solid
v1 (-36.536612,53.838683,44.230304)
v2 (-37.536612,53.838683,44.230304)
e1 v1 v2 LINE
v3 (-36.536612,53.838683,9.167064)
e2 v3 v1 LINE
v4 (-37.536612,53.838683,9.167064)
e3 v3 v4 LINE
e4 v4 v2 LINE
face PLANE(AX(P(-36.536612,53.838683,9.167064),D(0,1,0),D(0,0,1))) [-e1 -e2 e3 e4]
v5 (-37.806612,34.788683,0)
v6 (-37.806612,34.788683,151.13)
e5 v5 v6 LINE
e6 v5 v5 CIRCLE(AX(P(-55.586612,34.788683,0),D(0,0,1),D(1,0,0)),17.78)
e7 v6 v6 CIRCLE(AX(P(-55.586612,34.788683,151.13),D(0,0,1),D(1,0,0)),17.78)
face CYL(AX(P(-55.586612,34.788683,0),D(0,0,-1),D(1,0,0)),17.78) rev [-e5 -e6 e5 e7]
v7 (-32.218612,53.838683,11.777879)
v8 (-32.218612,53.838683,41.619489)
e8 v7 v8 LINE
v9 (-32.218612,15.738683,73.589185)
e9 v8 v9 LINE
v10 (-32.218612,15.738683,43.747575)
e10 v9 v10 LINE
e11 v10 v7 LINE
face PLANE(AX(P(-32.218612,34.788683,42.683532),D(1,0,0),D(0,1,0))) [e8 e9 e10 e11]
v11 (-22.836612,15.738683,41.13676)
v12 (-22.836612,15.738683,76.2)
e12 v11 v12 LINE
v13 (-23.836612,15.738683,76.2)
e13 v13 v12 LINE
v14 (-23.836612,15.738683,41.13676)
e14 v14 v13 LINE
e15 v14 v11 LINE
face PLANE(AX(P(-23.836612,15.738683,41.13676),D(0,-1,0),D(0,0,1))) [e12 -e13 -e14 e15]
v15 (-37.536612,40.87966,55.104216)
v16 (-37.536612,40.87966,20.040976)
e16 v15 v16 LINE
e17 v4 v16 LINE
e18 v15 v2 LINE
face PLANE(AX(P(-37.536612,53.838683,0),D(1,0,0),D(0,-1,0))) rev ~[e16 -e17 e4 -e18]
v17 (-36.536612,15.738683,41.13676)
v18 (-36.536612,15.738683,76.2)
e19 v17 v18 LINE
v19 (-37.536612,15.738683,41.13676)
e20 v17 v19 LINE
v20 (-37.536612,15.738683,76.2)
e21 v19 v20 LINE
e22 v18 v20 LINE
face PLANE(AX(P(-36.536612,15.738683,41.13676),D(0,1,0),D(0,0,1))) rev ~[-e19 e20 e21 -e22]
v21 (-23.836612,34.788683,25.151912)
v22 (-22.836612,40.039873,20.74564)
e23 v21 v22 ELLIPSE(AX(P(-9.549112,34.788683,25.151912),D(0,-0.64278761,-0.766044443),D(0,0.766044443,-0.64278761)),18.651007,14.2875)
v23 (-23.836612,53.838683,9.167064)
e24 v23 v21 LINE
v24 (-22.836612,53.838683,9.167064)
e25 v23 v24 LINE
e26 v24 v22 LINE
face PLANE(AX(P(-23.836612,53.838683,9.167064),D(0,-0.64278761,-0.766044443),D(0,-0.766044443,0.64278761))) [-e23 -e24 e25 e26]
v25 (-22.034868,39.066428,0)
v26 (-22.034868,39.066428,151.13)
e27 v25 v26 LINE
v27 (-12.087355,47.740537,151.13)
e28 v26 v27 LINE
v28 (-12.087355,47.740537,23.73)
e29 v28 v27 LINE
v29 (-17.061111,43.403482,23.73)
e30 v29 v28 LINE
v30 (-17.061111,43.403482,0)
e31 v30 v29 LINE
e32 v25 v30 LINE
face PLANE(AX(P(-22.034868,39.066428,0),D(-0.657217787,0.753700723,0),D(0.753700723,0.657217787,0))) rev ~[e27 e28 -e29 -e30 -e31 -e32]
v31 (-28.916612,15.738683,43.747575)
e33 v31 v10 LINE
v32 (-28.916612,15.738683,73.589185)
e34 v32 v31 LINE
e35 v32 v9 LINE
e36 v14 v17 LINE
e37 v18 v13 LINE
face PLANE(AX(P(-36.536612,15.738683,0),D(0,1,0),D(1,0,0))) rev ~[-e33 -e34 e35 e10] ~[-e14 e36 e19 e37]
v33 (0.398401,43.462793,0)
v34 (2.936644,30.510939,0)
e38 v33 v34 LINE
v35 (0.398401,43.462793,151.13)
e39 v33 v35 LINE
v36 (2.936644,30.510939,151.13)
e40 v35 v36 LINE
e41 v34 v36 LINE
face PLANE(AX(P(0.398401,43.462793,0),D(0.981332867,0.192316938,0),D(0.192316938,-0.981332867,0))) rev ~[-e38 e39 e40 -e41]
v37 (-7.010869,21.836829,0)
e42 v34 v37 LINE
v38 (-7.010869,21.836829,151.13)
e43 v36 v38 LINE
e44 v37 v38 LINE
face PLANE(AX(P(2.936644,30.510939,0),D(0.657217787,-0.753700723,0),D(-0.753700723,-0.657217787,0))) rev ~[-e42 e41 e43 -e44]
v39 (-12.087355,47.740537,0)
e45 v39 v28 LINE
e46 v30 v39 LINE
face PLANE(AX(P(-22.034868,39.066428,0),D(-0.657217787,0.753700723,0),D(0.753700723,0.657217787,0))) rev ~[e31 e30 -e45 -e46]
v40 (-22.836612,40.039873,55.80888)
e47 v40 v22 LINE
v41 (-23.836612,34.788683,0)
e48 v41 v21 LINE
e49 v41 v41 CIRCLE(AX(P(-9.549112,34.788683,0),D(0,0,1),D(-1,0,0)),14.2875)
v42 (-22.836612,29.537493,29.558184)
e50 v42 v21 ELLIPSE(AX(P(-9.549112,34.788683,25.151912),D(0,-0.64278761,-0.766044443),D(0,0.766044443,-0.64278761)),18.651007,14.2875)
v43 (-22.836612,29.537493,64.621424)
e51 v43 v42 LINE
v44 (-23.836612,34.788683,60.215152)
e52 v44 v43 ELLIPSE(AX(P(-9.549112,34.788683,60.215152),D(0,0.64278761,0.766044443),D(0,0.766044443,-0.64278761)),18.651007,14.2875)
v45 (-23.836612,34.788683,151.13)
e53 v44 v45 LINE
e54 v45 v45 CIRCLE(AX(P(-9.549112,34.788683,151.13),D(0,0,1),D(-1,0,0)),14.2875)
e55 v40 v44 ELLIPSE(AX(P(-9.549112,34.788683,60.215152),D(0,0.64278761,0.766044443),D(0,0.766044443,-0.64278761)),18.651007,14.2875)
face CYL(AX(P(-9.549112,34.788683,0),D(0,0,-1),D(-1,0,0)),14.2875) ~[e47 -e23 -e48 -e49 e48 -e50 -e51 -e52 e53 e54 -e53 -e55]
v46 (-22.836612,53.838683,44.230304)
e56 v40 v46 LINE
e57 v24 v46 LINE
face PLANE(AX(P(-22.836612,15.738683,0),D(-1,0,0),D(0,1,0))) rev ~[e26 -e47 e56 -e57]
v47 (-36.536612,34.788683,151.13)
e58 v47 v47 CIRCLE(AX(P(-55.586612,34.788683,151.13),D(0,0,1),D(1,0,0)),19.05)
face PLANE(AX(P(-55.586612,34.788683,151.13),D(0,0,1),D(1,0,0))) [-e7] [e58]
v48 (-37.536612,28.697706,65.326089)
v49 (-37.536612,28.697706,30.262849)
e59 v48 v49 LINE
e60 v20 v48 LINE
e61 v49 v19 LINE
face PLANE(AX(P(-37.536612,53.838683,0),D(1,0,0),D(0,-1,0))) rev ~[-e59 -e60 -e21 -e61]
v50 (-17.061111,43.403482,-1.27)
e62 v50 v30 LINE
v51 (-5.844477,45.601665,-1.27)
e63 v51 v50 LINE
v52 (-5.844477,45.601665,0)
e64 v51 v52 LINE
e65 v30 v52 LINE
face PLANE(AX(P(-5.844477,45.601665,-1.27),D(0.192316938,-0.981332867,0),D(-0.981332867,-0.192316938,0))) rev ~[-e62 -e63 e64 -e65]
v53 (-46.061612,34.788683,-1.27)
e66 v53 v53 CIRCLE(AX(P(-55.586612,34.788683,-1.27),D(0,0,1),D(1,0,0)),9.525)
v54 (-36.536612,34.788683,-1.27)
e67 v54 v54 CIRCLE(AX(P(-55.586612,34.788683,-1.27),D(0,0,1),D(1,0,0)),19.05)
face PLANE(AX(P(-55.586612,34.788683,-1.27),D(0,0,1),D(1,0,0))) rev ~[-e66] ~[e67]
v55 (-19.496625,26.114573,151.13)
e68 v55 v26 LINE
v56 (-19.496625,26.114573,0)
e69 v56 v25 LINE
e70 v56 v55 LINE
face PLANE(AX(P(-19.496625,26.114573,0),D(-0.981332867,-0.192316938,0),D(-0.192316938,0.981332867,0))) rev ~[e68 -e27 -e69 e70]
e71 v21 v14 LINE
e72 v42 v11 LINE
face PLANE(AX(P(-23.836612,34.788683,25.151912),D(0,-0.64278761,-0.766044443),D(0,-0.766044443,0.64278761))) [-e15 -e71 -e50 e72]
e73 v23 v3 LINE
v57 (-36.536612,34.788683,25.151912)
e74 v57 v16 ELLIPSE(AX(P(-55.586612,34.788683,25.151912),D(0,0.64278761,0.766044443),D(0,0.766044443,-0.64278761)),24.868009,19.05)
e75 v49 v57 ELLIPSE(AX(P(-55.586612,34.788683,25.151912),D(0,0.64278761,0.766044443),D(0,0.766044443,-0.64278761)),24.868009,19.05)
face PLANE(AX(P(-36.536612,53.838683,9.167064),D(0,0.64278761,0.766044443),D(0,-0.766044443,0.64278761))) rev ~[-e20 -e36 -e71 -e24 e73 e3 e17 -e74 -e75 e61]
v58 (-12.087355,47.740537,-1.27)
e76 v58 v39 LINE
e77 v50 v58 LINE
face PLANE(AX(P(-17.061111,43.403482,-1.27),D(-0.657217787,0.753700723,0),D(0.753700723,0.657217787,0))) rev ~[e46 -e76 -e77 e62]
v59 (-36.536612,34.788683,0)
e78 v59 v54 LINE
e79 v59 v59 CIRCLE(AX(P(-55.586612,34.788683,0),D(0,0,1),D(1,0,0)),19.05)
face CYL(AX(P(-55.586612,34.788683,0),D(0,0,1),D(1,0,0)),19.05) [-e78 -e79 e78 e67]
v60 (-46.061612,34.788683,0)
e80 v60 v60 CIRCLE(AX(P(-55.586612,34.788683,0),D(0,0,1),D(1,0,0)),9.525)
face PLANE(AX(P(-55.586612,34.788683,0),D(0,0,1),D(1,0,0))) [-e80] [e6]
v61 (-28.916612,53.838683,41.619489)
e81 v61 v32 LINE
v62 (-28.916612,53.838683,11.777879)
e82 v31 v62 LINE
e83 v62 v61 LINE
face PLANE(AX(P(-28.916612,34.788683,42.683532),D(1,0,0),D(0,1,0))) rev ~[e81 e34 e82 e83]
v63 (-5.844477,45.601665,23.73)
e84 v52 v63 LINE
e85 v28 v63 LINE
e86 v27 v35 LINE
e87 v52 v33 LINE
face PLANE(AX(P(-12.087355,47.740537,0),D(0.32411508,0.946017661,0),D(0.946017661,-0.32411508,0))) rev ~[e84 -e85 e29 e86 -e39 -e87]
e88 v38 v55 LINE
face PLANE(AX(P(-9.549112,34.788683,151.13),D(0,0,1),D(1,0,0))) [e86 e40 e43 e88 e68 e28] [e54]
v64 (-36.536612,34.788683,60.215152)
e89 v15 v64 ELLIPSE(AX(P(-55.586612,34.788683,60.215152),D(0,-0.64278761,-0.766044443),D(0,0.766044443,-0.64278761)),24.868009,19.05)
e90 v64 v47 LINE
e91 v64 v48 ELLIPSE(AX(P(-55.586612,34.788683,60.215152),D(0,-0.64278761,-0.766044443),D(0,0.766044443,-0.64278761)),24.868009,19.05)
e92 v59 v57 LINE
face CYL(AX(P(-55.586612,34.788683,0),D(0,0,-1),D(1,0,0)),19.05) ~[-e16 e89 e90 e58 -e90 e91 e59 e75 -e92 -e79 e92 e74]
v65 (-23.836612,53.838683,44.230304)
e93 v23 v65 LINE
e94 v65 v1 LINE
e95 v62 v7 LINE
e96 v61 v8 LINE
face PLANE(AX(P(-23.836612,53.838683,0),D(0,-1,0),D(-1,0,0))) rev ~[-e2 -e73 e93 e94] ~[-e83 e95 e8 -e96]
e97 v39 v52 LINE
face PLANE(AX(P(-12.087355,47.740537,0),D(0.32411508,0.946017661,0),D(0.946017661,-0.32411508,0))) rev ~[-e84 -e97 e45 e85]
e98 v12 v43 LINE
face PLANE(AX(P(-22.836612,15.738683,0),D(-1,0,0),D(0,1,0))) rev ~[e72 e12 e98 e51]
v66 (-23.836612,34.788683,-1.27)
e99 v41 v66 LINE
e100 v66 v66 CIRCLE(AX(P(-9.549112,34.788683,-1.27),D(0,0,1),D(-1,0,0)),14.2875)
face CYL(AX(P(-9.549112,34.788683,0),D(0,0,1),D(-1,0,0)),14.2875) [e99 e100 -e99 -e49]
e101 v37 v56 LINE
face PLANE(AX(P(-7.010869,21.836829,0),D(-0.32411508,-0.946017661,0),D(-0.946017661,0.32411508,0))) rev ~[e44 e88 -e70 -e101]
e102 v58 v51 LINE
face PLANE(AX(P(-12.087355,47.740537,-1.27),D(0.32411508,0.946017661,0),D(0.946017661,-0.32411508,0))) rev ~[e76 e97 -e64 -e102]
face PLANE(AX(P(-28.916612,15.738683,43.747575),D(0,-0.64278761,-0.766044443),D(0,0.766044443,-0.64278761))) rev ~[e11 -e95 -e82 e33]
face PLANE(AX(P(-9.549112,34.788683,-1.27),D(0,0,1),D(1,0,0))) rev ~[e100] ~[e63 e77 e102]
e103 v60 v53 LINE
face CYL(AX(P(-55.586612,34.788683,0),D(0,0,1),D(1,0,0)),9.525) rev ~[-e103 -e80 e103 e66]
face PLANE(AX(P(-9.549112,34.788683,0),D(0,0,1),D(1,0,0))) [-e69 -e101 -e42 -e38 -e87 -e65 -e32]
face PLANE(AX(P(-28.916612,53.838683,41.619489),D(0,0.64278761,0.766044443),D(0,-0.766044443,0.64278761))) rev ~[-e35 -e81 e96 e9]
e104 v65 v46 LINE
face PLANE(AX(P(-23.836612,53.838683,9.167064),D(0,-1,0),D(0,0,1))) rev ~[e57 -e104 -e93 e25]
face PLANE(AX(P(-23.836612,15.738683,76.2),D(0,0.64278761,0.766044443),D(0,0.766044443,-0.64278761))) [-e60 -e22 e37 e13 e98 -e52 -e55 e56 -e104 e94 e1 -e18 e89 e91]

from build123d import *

# Parameters (mm, degrees)
F0_R      = 19.05
F0_R_2    = 17.78
F0_R_3    = 9.525
F1_DEPTH  = 1.27
F2_DEPTH  = 151.13
F3_DEPTH  = 76.2
F5_DEPTH  = 25
F6_START  = -5.08
F6_DEPTH  = 3.302
F7_DEPTH  = 1
F8_DEPTH  = 1
F10_DEPTH = 25


with BuildPart() as f1:
    # F0 (on Top) → F1 (new body)
    with BuildSketch(Plane.XY):
        with Locations((-55.5866120592, 34.7886830568)):
            Circle(F0_R)
        with Locations((-55.5866120592, 34.7886830568)):
            Circle(F0_R_2, mode=Mode.SUBTRACT)
        with Locations((-55.5866120592, 34.7886830568)):
            Circle(F0_R_2)
        with Locations((-55.5866120592, 34.7886830568)):
            Circle(F0_R_3, mode=Mode.SUBTRACT)
        with BuildLine():
            ThreePointArc((4.7383879408, 34.7886830568), (-9.5491120592, 49.0761830568), (-23.8366120592, 34.7886830568))
            ThreePointArc((-23.8366120592, 34.7886830568), (-9.5491120592, 20.5011830568), (4.7383879408, 34.7886830568))
        make_face()
        Polygon((2.9366439238, 30.5109386121), (-7.0108694278, 21.8368289678), (-19.4966254107, 26.1145734125), (-22.0348680421, 39.0664275016), (-12.0873546906, 47.7405371459), (0.3984012923, 43.4627927011), align=None, mode=Mode.SUBTRACT)
        Polygon((-19.4966254107, 26.1145734125), (-7.0108694278, 21.8368289678), (2.9366439238, 30.5109386121), (0.3984012923, 43.4627927011), (-12.0873546906, 47.7405371459), (-22.0348680421, 39.0664275016), align=None)
    extrude(amount=-F1_DEPTH)

    # F0 (on Top) → F2 (join)
    with BuildSketch(Plane.XY):
        with Locations((-55.5866120592, 34.7886830568)):
            Circle(F0_R)
        with Locations((-55.5866120592, 34.7886830568)):
            Circle(F0_R_2, mode=Mode.SUBTRACT)
        with BuildLine():
            ThreePointArc((4.7383879408, 34.7886830568), (-9.5491120592, 49.0761830568), (-23.8366120592, 34.7886830568))
            ThreePointArc((-23.8366120592, 34.7886830568), (-9.5491120592, 20.5011830568), (4.7383879408, 34.7886830568))
        make_face()
        Polygon((2.9366439238, 30.5109386121), (-7.0108694278, 21.8368289678), (-19.4966254107, 26.1145734125), (-22.0348680421, 39.0664275016), (-12.0873546906, 47.7405371459), (0.3984012923, 43.4627927011), align=None, mode=Mode.SUBTRACT)
    extrude(amount=F2_DEPTH)



with BuildPart() as f3:
    # F0 (on Top) → F3 (new body)
    with BuildSketch(Plane.XY):
        Polygon((-36.5366120592, 53.8386830568), (-36.5366120592, 34.7886830568), (-36.5366120592, 15.7386830568), (-23.8366120592, 15.7386830568), (-23.8366120592, 34.7886830568), (-23.8366120592, 53.8386830568), align=None)
    extrude(amount=F3_DEPTH)

    # F4 (on face) → F5 (cut)
    with BuildSketch(Plane.YZ.offset(-23.8366120592)):
        Polygon((15.7386830568, 76.2), (53.8386830568, 44.2303040521), (53.8386830568, 76.2), align=None)
        Polygon((53.8386830568, 0), (53.8386830568, 9.1670642607), (15.7386830568, 41.1367602085), (15.7386830568, 0), align=None)
    extrude(amount=-F5_DEPTH, mode=Mode.SUBTRACT)

    # F4 (on face) → F6 (cut)
    with BuildSketch(Plane.YZ.offset(-23.8366120592).offset(F6_START)):
        Polygon((53.8386830568, 11.7778788393), (53.8386830568, 41.6194894735), (15.7386830568, 73.5891854213), (15.7386830568, 43.7475747872), align=None)
    extrude(amount=-F6_DEPTH, mode=Mode.SUBTRACT)


with BuildPart() as f1_1:
    add(f1.part)
    # F7 (add): a face of the model
    f7_faces = [f3.part.faces().sort_by_distance(p)[0] for p in [
        (-36.5366120592, 34.7886830568, 42.6835321303),
    ]]

    add(f3.part)  # F7 merges F3
    extrude(f7_faces, amount=F7_DEPTH)

    # F8 (add): faces of the model
    f8_faces = [f1_1.faces().sort_by_distance(p)[0] for p in [
        (-23.8366120592, 25.2636830568, 50.6759561173),
        (-23.8366120592, 44.3136830568, 34.6911081434),
    ]]
    extrude(f8_faces, amount=F8_DEPTH)

    # F9 (on face) → F10 (cut)
    with BuildSketch(Plane(origin=(0, 0, -1.27), x_dir=(1, 0, 0), z_dir=(0, 0, -1))):
        Polygon((-12.0873546906, -47.7405371459), (-5.8444766991, -45.6016649235), (-17.0611113664, -43.4034823237), align=None)
    extrude(amount=-F10_DEPTH, mode=Mode.SUBTRACT)


solid = f1_1.part
